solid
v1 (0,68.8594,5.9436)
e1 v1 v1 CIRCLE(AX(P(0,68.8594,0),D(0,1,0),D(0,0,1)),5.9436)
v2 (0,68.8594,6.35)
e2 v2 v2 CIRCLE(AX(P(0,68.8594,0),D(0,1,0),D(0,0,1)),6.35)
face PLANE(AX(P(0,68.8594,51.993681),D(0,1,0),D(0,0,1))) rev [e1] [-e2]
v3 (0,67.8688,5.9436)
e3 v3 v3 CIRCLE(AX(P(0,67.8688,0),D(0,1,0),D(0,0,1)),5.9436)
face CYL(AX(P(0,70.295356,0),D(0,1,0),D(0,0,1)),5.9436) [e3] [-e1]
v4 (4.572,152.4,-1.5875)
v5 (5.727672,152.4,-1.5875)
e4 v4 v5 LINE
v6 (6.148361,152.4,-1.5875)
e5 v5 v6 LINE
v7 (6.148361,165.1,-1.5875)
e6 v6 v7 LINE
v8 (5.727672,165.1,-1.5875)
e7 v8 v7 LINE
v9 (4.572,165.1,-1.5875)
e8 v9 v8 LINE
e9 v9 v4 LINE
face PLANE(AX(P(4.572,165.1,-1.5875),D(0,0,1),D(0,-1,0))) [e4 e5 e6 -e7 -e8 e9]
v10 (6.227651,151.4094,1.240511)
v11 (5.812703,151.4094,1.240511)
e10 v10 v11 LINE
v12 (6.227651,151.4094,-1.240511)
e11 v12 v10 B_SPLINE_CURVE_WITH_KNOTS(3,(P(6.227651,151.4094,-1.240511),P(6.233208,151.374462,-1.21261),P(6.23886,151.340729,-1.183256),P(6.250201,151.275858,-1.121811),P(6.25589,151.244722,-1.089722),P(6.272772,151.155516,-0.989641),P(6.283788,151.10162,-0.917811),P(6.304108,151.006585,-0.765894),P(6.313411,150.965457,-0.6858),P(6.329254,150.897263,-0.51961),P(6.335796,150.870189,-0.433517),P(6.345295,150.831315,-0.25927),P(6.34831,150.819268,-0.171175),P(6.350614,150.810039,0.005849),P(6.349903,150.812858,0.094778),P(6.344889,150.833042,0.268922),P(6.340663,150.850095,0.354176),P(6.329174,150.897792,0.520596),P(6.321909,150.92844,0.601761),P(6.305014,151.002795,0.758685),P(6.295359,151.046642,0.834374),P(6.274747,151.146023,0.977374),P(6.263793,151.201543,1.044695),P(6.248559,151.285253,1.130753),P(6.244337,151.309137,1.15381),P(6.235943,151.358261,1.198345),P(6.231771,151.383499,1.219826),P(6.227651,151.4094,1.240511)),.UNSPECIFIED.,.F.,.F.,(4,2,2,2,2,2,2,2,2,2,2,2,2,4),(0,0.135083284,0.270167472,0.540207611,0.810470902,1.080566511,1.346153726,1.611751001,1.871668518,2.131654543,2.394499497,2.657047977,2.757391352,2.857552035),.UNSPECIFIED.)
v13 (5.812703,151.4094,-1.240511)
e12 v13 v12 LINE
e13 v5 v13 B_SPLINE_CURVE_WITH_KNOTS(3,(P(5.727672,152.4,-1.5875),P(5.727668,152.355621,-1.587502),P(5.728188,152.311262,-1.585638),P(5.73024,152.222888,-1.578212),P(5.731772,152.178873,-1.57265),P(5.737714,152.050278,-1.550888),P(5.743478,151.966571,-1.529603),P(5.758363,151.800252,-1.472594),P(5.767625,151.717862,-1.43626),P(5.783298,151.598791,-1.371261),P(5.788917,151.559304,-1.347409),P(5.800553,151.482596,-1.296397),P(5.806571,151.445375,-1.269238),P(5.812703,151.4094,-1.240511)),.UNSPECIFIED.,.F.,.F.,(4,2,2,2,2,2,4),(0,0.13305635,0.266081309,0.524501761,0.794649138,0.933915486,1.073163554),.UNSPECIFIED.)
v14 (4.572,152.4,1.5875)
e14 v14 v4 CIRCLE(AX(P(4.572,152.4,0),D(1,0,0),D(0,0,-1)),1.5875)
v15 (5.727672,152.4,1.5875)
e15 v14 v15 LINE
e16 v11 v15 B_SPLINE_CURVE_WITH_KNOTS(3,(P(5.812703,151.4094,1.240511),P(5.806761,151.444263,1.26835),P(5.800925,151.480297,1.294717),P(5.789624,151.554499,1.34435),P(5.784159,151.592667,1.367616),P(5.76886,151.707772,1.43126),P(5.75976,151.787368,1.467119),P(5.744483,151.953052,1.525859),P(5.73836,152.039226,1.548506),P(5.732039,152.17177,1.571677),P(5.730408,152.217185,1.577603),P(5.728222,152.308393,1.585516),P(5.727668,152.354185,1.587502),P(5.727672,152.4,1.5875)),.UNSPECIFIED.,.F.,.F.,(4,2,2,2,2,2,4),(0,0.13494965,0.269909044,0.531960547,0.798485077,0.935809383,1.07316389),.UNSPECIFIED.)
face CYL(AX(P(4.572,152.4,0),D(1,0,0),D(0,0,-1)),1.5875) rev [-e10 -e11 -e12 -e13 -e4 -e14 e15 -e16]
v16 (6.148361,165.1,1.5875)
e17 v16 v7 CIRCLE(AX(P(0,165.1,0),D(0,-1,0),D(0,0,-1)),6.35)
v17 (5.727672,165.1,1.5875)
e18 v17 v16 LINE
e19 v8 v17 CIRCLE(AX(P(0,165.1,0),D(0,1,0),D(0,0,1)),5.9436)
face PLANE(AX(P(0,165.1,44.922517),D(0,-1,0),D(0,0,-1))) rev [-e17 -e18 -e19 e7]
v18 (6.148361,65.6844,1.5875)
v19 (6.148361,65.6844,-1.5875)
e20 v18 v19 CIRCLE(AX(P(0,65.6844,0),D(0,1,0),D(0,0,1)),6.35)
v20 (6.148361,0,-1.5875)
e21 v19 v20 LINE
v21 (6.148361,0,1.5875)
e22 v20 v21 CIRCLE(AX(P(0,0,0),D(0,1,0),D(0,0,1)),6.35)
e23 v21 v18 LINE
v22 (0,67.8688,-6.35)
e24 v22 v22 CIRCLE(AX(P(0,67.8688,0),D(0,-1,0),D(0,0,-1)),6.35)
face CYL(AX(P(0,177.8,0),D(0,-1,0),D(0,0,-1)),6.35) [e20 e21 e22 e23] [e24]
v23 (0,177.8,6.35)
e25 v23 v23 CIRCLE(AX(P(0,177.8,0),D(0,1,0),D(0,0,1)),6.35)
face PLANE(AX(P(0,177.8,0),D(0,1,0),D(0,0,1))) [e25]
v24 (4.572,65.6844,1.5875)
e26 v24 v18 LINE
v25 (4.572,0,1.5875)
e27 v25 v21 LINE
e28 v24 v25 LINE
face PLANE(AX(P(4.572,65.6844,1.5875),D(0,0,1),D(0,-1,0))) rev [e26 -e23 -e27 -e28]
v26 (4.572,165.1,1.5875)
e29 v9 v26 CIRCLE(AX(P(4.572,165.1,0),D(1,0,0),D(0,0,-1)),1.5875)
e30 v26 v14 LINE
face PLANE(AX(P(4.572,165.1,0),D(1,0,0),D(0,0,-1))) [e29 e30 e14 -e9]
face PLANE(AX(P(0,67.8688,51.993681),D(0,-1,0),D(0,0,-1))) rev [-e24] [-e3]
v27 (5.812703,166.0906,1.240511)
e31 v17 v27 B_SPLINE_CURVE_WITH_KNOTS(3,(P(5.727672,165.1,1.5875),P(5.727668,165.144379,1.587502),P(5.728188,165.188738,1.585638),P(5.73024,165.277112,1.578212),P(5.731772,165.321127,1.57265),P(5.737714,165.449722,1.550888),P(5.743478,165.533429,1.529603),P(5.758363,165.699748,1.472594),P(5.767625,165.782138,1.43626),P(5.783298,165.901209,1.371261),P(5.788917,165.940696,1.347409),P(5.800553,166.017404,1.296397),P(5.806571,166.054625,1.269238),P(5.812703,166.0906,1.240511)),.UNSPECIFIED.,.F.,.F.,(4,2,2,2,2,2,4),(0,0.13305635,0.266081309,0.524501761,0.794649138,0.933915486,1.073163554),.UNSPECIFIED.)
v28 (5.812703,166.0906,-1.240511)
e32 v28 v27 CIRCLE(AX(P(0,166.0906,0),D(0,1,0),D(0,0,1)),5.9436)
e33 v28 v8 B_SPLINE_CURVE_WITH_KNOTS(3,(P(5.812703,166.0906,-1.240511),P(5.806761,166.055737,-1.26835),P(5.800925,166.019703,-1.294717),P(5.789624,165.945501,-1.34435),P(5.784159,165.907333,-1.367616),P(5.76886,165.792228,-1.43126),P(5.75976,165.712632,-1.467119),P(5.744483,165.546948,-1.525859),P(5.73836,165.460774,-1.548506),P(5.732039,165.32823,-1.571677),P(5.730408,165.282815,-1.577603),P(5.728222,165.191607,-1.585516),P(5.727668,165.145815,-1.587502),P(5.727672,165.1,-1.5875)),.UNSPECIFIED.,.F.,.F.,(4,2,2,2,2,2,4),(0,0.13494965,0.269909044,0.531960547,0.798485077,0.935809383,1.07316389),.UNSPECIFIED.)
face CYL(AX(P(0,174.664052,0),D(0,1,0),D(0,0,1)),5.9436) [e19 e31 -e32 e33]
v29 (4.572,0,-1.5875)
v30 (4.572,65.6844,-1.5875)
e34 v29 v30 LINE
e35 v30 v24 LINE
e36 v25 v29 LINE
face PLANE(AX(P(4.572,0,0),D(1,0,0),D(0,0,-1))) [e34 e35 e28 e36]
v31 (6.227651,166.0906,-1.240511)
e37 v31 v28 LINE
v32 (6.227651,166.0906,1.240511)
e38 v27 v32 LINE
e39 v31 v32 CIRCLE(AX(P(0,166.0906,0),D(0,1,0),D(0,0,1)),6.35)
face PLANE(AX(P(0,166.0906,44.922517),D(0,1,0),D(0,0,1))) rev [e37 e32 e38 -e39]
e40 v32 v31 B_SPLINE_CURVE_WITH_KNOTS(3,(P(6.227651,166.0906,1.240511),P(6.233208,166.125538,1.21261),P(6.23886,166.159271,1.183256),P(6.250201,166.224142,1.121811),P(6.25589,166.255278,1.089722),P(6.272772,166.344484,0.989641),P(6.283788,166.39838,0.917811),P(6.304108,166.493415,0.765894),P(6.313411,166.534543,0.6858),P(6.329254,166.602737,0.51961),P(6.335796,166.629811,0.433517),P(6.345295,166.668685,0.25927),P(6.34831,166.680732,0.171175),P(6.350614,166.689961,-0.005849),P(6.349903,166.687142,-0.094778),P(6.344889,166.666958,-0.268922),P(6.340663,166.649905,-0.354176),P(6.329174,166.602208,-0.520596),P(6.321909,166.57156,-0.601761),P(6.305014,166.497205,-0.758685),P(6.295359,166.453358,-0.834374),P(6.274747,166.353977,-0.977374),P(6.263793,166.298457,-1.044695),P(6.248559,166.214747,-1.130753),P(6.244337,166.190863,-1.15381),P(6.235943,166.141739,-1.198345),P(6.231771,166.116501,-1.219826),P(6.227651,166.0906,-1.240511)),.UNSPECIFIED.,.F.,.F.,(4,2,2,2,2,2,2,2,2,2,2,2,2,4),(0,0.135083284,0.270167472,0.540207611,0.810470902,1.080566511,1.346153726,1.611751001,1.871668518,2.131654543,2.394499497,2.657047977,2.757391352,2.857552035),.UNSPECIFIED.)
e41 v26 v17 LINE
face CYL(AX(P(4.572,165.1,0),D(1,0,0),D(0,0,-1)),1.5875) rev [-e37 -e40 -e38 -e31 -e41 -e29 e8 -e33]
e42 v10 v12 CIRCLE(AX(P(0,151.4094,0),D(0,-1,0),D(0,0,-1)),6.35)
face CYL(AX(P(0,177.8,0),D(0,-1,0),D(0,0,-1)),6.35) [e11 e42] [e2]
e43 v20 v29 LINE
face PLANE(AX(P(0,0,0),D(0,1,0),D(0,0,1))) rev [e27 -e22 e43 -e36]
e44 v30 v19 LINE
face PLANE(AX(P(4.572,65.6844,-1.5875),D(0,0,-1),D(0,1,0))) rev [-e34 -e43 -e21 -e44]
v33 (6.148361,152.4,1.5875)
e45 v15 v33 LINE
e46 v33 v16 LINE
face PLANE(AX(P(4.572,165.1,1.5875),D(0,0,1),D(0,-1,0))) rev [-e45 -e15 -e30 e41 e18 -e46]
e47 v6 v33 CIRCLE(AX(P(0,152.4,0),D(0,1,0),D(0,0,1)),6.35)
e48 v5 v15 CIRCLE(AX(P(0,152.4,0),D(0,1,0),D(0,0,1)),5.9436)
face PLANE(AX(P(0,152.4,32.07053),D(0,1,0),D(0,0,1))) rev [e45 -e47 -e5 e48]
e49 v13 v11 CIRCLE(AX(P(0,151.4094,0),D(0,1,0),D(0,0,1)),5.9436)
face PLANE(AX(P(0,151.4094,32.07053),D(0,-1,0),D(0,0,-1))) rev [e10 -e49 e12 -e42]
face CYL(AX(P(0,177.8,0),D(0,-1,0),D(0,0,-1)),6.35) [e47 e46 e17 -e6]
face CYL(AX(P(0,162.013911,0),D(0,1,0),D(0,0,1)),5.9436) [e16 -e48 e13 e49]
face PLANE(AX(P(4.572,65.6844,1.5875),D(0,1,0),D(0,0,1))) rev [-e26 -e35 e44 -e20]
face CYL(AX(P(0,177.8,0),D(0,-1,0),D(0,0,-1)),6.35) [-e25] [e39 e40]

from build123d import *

# Parameters (mm, degrees)
SKETCH1_R           = 6.35
BOSS_EXTRUDE1_DEPTH = 177.8
SKETCH2_W           = 38.97891716
SKETCH2_H           = 0.9906
SKETCH3_W           = 26.12692973
SKETCH3_H           = 0.9906
SKETCH4_W           = 46.050080865
SKETCH4_H           = 0.9906
CUT_EXTRUDE1_DEPTH  = 1.778
SKETCH6_W           = 3.175
SKETCH6_H           = 80.766552272
CUT_EXTRUDE2_DEPTH  = 1.778


with BuildPart() as part:
    # Sketch1 → Boss-Extrude1 (new body)
    with BuildSketch(Plane(origin=(0, 0, 0), x_dir=(1, 0, 0), z_dir=(0, 1, 0))):
        Circle(SKETCH1_R)
    extrude(amount=BOSS_EXTRUDE1_DEPTH)

    # Sketch2 → Cut-Revolve1 (revolve, cut)
    with BuildSketch(Plane(origin=(0, 0, 0), x_dir=(0, 0, -1), z_dir=(1, 0, 0))):
        with Locations((-25.43305858, 165.5953)):
            Rectangle(SKETCH2_W, SKETCH2_H)
    revolve(axis=Axis((0, 174.664052397, 0), (0, -1, 0)), mode=Mode.SUBTRACT)

    # Sketch3 → Cut-Revolve2 (revolve, cut)
    with BuildSketch(Plane(origin=(0, 0, 0), x_dir=(0, 0, -1), z_dir=(1, 0, 0))):
        with Locations((-19.007064865, 151.9047)):
            Rectangle(SKETCH3_W, SKETCH3_H)
    revolve(axis=Axis((0, 162.013911259, 0), (0, -1, 0)), mode=Mode.SUBTRACT)

    # Sketch4 → Cut-Revolve3 (revolve, cut)
    with BuildSketch(Plane(origin=(0, 0, 0), x_dir=(0, 0, -1), z_dir=(1, 0, 0))):
        with Locations((-28.968640433, 68.3641)):
            Rectangle(SKETCH4_W, SKETCH4_H)
    revolve(axis=Axis((0, 70.295355643, 0), (0, -1, 0)), mode=Mode.SUBTRACT)

    # Sketch5 → Cut-Extrude1 (cut)
    with BuildSketch(Plane(origin=(6.35, 0, 0), x_dir=(0, 0, -1), z_dir=(1, 0, 0))):
        with BuildLine():
            Line((1.5875, 165.1), (1.5875, 152.4))
            ThreePointArc((1.5875, 152.4), (0, 150.8125), (-1.5875, 152.4))
            Line((-1.5875, 152.4), (-1.5875, 165.1))
            ThreePointArc((-1.5875, 165.1), (0, 166.6875), (1.5875, 165.1))
        make_face()
    extrude(amount=-CUT_EXTRUDE1_DEPTH, mode=Mode.SUBTRACT)

    # Sketch6 → Cut-Extrude2 (cut)
    with BuildSketch(Plane(origin=(6.35, 0, 0), x_dir=(0, 0, -1), z_dir=(1, 0, 0))):
        with Locations((0, 25.301123864)):
            Rectangle(SKETCH6_W, SKETCH6_H)
    extrude(amount=-CUT_EXTRUDE2_DEPTH, mode=Mode.SUBTRACT)


solid = part.part
